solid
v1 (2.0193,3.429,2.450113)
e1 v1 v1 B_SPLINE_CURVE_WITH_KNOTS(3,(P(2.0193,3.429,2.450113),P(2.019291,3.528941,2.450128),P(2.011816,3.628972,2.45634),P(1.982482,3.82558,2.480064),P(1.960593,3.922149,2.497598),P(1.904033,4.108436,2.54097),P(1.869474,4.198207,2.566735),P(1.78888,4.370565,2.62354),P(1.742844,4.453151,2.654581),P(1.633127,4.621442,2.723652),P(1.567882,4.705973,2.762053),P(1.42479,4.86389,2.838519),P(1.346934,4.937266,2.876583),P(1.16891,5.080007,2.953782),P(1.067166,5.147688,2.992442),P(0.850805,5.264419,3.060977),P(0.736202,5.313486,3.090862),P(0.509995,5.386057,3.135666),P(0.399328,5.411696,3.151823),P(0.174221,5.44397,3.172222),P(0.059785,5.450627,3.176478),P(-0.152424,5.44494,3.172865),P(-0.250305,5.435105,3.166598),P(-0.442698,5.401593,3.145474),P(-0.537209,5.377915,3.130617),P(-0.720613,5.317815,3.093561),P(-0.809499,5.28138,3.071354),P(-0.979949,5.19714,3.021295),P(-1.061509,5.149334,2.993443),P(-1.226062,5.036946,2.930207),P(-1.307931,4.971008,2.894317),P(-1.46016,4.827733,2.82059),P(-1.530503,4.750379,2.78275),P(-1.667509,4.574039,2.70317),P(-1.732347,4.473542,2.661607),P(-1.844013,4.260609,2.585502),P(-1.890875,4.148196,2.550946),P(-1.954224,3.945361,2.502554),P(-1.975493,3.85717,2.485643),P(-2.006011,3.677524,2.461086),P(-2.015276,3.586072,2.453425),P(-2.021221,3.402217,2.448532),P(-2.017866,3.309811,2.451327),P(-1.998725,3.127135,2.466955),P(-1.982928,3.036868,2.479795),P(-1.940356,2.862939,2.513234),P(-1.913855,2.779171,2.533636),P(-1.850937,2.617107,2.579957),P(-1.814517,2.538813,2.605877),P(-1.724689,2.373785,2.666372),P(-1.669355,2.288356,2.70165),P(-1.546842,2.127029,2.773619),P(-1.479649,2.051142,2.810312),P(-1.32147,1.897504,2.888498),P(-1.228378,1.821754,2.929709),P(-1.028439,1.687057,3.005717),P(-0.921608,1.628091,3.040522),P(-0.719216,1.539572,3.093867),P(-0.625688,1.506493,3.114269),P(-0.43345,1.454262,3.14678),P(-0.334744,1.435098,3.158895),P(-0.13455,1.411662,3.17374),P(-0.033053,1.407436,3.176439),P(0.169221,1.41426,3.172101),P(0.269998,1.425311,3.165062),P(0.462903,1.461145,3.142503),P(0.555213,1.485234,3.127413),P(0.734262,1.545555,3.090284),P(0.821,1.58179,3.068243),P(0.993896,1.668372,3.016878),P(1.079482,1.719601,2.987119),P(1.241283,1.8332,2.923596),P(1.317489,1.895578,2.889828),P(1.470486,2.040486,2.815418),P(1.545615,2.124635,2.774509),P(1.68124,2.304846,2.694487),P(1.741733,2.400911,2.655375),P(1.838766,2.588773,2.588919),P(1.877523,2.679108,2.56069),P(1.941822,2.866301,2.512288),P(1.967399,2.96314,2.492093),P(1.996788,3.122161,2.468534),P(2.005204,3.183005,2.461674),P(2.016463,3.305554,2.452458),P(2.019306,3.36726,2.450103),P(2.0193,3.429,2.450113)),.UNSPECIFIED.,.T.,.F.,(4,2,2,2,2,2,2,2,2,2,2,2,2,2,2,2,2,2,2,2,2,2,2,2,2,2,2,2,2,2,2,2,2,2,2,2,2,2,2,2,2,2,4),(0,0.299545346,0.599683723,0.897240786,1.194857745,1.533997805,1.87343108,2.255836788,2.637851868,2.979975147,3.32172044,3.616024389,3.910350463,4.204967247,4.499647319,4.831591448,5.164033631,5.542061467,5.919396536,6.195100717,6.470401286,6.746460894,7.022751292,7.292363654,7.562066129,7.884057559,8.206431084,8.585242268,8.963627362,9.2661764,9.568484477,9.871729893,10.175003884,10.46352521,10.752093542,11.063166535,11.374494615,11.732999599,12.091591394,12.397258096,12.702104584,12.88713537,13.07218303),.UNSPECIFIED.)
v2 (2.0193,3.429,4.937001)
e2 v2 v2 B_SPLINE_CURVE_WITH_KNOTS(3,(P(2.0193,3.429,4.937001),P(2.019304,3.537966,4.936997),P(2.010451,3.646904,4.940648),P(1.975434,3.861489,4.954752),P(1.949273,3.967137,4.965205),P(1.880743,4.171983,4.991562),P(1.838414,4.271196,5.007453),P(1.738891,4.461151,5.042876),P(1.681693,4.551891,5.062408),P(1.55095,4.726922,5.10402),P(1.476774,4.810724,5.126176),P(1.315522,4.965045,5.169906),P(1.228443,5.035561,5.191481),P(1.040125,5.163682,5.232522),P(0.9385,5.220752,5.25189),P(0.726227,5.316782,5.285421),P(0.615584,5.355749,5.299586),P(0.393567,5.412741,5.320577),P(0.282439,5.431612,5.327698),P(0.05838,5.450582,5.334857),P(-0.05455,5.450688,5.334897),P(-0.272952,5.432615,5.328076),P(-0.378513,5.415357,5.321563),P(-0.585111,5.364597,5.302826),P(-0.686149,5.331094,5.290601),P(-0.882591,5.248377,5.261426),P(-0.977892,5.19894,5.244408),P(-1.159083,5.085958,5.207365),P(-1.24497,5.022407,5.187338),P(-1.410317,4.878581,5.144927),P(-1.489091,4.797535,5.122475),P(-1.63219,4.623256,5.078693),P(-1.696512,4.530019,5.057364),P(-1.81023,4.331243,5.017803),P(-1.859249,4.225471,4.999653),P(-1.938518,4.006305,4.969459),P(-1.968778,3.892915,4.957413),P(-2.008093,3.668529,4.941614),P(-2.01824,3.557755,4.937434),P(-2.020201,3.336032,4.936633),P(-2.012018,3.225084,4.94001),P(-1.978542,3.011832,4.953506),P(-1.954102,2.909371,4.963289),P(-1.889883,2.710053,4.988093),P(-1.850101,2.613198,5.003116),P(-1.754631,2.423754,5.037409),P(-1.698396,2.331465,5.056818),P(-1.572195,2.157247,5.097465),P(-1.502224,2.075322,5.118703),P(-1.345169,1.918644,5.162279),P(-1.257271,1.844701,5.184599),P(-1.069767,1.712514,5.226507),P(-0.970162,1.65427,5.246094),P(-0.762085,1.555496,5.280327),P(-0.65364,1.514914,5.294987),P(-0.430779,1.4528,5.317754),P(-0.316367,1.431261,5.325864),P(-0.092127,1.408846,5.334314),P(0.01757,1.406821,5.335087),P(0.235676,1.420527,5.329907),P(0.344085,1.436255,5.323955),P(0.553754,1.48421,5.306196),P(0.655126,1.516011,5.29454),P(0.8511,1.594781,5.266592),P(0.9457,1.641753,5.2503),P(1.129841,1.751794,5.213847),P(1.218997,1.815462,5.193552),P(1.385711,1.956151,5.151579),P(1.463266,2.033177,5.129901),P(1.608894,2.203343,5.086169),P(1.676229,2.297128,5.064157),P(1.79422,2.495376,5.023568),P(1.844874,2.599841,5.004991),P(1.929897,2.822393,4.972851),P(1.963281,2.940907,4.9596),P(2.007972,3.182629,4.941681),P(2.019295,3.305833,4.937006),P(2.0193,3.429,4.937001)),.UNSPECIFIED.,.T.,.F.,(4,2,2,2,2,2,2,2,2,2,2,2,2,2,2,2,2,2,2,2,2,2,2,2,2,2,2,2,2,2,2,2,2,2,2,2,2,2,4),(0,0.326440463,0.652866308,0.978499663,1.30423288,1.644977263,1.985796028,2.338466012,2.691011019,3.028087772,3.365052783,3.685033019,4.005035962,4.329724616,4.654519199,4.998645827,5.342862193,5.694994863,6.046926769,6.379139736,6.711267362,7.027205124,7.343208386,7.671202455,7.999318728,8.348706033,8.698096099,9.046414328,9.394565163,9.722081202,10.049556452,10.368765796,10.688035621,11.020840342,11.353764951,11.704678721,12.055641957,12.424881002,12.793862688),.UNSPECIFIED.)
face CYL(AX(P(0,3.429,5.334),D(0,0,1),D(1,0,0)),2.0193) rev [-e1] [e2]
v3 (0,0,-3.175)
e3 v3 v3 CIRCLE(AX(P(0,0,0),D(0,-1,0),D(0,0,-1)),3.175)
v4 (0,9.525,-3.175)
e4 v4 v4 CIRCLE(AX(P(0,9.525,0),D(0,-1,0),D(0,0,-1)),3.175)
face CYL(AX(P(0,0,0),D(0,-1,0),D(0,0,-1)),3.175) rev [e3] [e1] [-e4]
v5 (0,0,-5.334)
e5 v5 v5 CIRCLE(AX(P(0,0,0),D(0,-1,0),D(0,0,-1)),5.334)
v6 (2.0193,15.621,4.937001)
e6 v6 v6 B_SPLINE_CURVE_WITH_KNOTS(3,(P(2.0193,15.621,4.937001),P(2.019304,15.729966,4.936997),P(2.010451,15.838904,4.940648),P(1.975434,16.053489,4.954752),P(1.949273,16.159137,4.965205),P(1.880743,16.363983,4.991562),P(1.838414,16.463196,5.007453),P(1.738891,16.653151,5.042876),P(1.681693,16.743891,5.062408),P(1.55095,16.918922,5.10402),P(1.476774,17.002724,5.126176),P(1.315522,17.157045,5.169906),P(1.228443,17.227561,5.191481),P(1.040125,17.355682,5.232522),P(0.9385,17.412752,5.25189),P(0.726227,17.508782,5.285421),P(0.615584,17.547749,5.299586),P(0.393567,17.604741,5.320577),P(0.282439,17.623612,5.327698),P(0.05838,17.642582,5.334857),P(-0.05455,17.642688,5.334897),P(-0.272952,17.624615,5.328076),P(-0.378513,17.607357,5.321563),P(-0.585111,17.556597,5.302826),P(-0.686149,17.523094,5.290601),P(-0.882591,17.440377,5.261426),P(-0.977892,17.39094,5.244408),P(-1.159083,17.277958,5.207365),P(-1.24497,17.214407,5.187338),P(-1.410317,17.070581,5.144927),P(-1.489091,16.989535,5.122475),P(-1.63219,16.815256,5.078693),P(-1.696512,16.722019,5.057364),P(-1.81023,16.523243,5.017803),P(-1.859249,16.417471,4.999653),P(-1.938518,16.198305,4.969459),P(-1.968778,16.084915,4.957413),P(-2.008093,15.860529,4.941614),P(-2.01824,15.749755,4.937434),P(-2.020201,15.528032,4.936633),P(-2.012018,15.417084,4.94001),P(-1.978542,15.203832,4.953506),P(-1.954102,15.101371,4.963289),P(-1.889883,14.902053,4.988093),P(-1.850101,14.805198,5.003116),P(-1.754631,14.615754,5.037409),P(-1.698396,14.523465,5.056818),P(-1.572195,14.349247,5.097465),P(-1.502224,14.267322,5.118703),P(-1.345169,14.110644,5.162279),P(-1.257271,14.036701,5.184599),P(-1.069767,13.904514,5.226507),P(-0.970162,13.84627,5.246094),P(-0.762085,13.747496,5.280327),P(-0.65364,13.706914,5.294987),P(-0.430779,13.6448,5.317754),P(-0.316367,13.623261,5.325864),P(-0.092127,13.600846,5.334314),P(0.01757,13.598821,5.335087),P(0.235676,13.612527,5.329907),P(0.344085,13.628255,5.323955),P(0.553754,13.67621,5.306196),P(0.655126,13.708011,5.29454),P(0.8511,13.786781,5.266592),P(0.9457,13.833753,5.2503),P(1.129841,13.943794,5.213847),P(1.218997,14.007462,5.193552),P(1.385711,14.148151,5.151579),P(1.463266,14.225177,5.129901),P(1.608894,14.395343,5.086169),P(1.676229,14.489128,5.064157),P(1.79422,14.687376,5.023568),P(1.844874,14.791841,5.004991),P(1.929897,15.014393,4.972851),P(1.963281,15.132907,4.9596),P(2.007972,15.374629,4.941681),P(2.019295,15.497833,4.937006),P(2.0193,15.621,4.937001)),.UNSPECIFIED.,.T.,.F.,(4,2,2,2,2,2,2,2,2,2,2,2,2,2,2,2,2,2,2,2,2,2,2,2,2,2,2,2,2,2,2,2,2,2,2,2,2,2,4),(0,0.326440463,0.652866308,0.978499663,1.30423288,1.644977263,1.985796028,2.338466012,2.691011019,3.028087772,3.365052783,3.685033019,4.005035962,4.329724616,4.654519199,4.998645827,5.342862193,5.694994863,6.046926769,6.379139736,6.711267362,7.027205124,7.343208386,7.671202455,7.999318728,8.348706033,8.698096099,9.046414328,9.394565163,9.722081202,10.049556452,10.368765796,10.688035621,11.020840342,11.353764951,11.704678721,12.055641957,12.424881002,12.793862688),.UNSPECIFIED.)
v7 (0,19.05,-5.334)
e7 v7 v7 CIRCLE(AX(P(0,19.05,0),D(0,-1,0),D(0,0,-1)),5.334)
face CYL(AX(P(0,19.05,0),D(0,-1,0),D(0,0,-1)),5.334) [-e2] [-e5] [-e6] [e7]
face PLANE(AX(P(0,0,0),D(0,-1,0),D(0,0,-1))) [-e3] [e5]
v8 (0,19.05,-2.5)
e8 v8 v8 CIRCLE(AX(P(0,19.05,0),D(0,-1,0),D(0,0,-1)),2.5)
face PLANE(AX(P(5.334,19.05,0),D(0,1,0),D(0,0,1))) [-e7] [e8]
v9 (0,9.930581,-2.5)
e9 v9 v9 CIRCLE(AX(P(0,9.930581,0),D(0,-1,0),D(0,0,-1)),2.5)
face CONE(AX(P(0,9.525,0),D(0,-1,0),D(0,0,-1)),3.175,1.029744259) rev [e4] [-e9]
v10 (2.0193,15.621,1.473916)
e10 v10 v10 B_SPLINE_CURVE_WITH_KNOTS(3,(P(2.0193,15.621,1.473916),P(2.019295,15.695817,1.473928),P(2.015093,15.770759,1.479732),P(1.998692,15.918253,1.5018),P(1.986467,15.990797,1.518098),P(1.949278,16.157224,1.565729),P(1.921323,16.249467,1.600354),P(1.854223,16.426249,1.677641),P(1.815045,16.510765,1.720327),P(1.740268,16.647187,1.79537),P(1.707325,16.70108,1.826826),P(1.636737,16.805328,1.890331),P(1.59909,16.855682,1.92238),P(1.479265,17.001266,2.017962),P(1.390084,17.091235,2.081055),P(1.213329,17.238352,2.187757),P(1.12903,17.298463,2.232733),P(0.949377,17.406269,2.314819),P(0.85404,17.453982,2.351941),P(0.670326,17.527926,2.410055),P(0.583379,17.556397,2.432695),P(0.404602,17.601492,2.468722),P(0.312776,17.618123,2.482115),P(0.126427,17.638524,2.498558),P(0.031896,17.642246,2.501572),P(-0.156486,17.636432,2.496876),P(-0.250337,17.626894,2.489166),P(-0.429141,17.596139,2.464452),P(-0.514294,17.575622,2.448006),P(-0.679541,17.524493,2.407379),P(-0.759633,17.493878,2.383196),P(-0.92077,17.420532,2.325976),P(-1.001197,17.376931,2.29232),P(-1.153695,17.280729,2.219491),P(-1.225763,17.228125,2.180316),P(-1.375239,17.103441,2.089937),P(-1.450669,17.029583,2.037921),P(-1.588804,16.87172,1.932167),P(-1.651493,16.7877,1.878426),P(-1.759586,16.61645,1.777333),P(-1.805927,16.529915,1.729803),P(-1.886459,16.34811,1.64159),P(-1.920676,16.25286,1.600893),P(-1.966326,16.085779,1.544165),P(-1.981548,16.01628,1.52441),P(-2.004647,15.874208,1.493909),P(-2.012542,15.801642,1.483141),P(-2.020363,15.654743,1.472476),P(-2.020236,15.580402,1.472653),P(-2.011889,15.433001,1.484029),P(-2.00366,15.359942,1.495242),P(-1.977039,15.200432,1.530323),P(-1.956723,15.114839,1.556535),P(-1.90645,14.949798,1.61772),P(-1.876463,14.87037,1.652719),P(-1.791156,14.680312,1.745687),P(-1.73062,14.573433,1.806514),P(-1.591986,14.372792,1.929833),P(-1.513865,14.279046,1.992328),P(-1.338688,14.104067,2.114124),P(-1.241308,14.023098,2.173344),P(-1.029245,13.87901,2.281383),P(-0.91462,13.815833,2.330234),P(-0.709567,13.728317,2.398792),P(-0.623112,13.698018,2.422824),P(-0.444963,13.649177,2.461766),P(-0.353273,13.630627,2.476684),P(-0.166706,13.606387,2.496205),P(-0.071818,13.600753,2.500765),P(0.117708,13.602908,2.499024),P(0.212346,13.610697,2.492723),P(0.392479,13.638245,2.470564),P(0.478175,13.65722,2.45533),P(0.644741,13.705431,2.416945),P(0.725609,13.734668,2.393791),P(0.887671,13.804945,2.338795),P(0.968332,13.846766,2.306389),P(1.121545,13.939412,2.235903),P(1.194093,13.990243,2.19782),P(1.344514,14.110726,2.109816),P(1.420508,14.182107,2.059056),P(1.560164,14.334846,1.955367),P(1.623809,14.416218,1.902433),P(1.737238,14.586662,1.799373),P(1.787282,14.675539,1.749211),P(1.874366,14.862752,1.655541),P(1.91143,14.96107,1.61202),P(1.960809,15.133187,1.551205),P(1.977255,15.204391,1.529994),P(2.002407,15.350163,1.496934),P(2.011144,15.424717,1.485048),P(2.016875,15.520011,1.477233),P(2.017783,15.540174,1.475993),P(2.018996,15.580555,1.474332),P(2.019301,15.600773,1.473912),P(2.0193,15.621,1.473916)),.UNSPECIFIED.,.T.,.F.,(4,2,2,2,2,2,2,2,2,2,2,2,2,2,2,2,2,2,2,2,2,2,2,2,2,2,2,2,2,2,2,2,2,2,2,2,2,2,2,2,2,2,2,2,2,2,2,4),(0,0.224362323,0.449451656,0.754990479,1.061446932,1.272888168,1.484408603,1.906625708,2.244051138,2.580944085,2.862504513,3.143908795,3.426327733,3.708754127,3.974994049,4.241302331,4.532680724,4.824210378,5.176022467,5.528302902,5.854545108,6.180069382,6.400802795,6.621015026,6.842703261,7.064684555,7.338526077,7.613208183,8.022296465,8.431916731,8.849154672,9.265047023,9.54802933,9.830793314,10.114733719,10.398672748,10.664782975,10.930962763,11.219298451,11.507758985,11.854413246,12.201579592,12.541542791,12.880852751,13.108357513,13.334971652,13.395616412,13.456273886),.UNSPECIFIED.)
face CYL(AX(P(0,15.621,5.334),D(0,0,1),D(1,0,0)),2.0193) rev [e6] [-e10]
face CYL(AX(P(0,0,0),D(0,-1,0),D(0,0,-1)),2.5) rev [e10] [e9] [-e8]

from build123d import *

# Parameters (mm, degrees)
SKETCH1_W                   = 5.334
SKETCH1_H                   = 19.05
M3_5_CLEARANCE_HOLE1_REACH  = 21.654
M3_5_CLEARANCE_HOLE1_BORE_R = 2.0193
M3_5_CLEARANCE_HOLE2_REACH  = 21.654
M3_5_CLEARANCE_HOLE2_BORE_R = 2.0193


with BuildPart() as part:
    # Sketch1 → Revolve1 (revolve)
    with BuildSketch(Plane.XY, mode=Mode.PRIVATE) as revolve1_sk:
        with Locations((2.667, 9.525)):
            Rectangle(SKETCH1_W, SKETCH1_H)
    revolve(revolve1_sk.sketch.rotate(Axis((0, 19.05, 0), (0, -1, 0)), 270), axis=Axis((0, 19.05, 0), (0, -1, 0)))

    # Sketch2 → Hole1 (revolve, cut)
    with BuildSketch(Plane(origin=(0, 0, 0), x_dir=(0, 0, -1), z_dir=(1, 0, 0))):
        Polygon((0, 0), (0, 19.05), (2.5, 19.05), (2.5, 9.930580918), (3.175, 9.525), (3.175, 0), align=None)
    revolve(axis=Axis((0, -6.130023899, 0), (0, 1, 0)), mode=Mode.SUBTRACT)

    # M3.5 Clearance Hole1 bore (on position points) → M3.5 Clearance Hole1 (cut, up to next)
    with BuildSketch(Plane(origin=(0, 15.621, 5.334), x_dir=(1, 0, 0), z_dir=(0, 0, 1)), mode=Mode.PRIVATE) as m3_5_clearance_hole1_sk1:
        Circle(M3_5_CLEARANCE_HOLE1_BORE_R)
    m3_5_clearance_hole1_tool1 = extrude(m3_5_clearance_hole1_sk1.sketch, amount=-M3_5_CLEARANCE_HOLE1_REACH, mode=Mode.PRIVATE) & part.part
    add(m3_5_clearance_hole1_tool1.solids().sort_by_distance((0, 15.621, 5.334))[0], mode=Mode.SUBTRACT)

    # M3.5 Clearance Hole2 bore (on position points) → M3.5 Clearance Hole2 (cut, up to next)
    with BuildSketch(Plane(origin=(0, 3.429, 5.334), x_dir=(1, 0, 0), z_dir=(0, 0, 1)), mode=Mode.PRIVATE) as m3_5_clearance_hole2_sk1:
        Circle(M3_5_CLEARANCE_HOLE2_BORE_R)
    m3_5_clearance_hole2_tool1 = extrude(m3_5_clearance_hole2_sk1.sketch, amount=-M3_5_CLEARANCE_HOLE2_REACH, mode=Mode.PRIVATE) & part.part
    add(m3_5_clearance_hole2_tool1.solids().sort_by_distance((0, 3.429, 5.334))[0], mode=Mode.SUBTRACT)


solid = part.part
